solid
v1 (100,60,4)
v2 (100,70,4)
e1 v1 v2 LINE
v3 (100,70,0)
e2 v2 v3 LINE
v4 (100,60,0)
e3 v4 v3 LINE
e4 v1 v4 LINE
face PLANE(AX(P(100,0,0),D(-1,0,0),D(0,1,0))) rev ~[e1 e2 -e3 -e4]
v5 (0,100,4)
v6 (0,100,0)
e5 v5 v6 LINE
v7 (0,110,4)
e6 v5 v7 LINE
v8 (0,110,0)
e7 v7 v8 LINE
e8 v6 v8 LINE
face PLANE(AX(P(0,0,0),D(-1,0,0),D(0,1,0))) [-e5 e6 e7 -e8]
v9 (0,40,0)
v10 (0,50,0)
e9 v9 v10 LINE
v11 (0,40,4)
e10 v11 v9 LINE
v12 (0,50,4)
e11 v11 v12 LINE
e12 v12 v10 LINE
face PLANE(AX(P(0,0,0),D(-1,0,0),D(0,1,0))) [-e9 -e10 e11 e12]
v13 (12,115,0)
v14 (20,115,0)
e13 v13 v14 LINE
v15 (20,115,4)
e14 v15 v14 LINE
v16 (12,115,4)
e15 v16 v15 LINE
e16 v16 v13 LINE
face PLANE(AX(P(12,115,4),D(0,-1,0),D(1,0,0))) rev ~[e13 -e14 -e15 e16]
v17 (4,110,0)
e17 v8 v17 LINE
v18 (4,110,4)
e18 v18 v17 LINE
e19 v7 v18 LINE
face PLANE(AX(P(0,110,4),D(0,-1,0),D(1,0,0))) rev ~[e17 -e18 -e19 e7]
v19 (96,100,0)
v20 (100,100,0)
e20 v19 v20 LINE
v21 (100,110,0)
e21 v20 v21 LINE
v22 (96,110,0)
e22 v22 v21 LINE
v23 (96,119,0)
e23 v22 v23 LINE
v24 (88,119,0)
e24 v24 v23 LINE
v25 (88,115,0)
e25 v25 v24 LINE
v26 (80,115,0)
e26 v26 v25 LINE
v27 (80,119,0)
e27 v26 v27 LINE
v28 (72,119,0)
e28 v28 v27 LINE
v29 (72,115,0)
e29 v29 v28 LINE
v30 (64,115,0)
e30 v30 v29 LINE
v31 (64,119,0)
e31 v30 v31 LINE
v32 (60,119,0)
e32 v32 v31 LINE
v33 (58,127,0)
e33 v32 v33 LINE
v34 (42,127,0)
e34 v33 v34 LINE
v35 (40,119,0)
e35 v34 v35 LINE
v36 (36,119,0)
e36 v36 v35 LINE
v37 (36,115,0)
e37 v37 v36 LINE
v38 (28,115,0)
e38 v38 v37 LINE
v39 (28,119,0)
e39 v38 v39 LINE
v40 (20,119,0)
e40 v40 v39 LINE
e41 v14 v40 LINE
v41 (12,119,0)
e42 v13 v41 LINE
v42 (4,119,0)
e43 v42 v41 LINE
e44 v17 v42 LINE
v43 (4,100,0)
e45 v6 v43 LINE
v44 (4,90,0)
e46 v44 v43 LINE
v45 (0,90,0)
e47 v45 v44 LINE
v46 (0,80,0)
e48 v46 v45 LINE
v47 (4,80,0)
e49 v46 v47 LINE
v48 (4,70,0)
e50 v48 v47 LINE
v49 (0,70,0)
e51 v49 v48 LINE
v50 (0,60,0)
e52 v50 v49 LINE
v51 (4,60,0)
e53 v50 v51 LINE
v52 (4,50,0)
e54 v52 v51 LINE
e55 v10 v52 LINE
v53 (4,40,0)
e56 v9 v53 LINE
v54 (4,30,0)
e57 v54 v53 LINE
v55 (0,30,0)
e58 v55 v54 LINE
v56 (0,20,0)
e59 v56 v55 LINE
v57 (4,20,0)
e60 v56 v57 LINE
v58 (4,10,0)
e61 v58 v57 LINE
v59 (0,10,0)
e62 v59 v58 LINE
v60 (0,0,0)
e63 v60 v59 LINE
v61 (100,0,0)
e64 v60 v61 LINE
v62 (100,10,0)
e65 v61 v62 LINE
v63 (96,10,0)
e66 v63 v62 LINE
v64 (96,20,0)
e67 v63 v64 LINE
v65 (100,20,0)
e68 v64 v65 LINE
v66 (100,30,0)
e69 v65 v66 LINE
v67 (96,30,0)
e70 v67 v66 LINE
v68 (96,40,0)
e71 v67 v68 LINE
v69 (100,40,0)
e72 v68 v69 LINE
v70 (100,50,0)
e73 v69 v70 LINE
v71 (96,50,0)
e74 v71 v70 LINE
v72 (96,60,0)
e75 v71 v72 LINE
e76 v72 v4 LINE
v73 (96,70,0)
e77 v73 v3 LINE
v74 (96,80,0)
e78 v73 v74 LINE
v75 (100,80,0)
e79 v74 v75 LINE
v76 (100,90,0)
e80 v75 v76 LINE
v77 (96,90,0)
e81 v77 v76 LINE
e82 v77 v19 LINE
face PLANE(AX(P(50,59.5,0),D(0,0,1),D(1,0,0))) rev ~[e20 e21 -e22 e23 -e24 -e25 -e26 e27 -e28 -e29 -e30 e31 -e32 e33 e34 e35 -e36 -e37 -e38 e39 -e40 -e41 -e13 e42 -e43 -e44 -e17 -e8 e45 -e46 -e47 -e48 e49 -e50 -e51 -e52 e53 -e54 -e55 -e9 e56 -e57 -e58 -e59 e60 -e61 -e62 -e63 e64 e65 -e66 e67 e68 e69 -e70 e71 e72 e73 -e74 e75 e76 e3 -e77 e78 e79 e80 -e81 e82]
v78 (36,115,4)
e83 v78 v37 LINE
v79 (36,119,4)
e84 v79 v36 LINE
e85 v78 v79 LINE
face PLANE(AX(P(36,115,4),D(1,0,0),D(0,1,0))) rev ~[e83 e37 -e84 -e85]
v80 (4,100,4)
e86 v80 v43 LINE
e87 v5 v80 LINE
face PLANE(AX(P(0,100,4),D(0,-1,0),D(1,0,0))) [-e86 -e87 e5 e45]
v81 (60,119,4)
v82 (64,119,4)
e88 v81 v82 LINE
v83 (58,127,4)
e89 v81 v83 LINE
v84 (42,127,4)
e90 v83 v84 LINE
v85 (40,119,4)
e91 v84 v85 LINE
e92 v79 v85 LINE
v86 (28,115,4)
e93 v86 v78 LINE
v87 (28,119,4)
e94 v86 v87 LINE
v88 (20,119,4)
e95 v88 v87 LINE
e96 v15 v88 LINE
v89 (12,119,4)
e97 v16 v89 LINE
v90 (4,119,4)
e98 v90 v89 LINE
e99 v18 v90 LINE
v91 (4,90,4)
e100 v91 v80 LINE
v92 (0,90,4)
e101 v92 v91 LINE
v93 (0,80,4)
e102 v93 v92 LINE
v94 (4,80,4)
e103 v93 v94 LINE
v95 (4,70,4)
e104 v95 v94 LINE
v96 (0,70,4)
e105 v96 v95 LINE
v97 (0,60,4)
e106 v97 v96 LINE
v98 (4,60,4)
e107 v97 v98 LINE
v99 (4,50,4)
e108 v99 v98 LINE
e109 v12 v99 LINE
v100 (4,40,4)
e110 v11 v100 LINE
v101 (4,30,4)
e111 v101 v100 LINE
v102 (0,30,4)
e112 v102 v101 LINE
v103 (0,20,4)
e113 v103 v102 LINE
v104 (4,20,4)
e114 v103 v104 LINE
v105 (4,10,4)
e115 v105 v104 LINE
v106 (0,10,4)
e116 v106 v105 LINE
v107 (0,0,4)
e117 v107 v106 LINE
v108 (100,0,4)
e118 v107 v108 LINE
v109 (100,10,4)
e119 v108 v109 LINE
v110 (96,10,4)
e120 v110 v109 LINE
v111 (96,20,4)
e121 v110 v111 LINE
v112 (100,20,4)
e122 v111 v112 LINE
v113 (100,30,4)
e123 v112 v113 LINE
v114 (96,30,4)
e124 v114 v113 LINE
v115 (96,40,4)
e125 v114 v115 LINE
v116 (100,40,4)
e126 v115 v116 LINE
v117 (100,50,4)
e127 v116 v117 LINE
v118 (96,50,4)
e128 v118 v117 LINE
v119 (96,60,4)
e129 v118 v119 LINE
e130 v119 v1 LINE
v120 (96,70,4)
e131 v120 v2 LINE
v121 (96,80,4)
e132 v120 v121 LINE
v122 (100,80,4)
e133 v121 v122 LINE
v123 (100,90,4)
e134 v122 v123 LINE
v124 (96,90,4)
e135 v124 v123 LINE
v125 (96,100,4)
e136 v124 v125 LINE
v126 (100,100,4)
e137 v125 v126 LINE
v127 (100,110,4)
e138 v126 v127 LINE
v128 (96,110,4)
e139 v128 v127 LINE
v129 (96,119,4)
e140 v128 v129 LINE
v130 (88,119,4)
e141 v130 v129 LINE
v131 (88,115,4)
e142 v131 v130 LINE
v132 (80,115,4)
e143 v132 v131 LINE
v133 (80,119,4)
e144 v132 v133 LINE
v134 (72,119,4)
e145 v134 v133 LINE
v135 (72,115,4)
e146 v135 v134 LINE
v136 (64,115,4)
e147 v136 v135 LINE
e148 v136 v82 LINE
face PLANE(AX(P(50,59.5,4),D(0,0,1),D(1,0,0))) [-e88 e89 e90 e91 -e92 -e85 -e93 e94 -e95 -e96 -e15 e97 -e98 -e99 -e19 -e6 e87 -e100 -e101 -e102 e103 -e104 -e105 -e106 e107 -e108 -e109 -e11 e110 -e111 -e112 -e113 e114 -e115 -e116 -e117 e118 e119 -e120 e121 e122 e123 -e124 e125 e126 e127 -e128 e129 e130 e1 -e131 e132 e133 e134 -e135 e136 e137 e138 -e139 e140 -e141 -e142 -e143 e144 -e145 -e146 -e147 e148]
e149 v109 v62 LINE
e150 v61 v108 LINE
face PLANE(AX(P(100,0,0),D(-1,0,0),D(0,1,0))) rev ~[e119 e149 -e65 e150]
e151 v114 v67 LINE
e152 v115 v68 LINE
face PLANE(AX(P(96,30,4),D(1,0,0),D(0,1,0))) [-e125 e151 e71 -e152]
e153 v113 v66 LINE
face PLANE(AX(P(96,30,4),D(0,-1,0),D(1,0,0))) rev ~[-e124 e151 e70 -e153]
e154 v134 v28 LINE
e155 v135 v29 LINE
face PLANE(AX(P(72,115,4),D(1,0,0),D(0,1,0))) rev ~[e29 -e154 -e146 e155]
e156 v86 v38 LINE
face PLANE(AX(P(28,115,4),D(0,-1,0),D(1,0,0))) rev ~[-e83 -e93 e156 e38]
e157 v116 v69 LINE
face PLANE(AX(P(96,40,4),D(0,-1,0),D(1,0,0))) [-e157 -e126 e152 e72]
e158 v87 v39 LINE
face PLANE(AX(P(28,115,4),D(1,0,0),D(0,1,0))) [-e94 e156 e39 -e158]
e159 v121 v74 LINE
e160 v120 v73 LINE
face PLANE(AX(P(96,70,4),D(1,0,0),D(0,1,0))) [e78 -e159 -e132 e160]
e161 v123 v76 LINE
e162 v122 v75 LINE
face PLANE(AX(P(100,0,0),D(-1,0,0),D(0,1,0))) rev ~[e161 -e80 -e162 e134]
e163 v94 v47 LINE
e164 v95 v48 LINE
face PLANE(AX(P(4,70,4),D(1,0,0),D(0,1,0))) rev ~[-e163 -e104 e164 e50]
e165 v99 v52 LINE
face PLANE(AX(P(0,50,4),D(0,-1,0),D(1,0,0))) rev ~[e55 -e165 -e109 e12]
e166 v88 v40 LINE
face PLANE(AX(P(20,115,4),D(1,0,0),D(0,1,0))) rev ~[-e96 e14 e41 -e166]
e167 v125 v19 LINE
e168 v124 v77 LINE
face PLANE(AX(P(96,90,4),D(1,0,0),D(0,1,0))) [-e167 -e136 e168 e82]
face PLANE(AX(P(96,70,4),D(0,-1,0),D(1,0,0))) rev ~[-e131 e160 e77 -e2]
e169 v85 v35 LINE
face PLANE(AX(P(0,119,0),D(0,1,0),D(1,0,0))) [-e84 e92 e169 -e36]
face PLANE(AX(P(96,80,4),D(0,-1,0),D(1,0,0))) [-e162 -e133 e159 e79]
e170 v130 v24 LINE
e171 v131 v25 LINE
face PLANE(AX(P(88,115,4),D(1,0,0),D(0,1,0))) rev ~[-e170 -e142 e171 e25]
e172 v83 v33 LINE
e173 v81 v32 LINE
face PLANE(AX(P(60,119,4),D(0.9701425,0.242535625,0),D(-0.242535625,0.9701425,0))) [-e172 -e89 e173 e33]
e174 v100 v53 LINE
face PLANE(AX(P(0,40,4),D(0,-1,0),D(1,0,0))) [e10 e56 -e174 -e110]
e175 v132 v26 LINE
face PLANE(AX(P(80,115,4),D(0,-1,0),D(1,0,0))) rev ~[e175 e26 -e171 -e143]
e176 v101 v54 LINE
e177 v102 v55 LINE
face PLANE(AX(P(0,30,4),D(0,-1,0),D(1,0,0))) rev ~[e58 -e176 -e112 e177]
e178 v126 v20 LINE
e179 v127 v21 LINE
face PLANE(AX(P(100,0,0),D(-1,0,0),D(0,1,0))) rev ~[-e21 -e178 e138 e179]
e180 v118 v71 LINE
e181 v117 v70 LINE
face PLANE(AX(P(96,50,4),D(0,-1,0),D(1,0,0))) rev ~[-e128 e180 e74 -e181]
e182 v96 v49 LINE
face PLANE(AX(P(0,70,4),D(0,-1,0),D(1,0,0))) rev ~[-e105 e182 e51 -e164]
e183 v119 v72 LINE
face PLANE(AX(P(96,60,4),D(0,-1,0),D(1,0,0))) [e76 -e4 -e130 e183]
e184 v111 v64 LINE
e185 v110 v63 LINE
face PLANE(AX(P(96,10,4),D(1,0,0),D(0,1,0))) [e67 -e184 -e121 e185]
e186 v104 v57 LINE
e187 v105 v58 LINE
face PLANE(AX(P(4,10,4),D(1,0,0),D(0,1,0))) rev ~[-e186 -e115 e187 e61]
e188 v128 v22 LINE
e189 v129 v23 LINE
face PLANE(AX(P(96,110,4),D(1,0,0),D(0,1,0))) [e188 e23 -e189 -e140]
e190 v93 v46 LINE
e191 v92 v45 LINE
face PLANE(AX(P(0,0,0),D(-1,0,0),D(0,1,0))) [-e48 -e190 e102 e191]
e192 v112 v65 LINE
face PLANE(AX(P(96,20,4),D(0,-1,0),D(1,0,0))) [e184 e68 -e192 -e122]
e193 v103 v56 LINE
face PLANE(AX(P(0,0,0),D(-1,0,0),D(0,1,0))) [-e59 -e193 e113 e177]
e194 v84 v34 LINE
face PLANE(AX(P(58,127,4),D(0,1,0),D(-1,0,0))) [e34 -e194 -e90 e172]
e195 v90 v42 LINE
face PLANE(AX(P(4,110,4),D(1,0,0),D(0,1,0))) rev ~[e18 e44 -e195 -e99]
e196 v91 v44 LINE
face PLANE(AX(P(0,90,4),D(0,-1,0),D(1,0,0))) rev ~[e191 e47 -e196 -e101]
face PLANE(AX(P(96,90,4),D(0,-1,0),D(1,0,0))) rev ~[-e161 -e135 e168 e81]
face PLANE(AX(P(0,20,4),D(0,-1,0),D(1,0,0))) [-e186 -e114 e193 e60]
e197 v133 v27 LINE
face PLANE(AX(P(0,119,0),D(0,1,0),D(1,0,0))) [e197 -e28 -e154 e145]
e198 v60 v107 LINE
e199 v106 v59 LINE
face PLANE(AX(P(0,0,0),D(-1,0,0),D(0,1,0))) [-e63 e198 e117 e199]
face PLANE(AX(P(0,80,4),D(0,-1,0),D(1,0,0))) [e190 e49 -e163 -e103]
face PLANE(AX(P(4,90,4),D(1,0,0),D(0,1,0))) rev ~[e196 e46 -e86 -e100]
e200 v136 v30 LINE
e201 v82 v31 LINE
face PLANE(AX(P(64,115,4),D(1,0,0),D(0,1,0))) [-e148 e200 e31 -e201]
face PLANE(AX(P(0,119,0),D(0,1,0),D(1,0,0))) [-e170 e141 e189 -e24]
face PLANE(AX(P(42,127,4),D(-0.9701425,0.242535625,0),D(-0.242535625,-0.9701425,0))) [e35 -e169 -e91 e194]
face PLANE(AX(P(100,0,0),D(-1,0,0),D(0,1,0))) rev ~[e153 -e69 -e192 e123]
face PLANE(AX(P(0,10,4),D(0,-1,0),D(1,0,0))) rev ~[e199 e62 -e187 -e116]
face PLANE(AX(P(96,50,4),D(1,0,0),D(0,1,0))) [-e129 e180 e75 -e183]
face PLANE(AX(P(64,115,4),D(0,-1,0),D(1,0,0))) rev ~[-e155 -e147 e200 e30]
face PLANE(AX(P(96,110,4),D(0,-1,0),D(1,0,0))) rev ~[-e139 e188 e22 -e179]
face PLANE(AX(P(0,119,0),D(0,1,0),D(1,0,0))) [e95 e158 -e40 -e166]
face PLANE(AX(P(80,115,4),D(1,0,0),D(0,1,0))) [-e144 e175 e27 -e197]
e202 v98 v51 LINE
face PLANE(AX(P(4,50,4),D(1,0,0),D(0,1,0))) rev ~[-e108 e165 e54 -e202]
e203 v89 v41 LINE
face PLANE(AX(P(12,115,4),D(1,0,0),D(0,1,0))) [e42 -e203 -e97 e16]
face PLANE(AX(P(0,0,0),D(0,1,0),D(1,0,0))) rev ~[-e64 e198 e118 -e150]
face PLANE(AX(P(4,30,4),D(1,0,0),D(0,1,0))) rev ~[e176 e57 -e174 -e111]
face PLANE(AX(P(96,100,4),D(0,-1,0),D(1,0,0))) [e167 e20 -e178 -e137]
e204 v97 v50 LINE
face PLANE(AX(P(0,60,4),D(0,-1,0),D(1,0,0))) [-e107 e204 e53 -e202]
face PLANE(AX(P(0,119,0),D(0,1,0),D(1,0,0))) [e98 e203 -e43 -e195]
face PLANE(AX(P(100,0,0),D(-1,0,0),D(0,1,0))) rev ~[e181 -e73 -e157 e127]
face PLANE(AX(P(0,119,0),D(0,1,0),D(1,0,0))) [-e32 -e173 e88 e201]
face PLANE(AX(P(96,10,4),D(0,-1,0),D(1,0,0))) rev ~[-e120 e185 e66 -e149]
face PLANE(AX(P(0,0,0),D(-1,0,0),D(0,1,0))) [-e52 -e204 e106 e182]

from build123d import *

# Parameters (mm, degrees)
F0_W     = 100
F0_H     = 119
F1_DEPTH = 4
F2_W     = 4
F2_H     = 10
F2_W_2   = 8
F2_H_2   = 4
F3_DEPTH = 4.001
F5_DEPTH = 4


with BuildPart() as f1:
    # F0 (on Top) → F1 (new body)
    with BuildSketch(Plane.XY):
        with Locations((50, 59.5)):
            Rectangle(F0_W, F0_H)
    extrude(amount=F1_DEPTH)

    # F2 (on face) → F3 (cut, through all)
    with BuildSketch(Plane.XY.offset(4)):
        with Locations((98, 15)):
            Rectangle(F2_W, F2_H)
        with Locations((98, 35)):
            Rectangle(F2_W, F2_H)
        with Locations((98, 55)):
            Rectangle(F2_W, F2_H)
        with Locations((98, 75)):
            Rectangle(F2_W, F2_H)
        with Locations((98, 95)):
            Rectangle(F2_W, F2_H)
        with Locations((98, 115)):
            Rectangle(F2_W, F2_H)
        with Locations((2, 15)):
            Rectangle(F2_W, F2_H)
        with Locations((2, 35)):
            Rectangle(F2_W, F2_H)
        with Locations((2, 55)):
            Rectangle(F2_W, F2_H)
        with Locations((2, 75)):
            Rectangle(F2_W, F2_H)
        with Locations((2, 95)):
            Rectangle(F2_W, F2_H)
        with Locations((2, 115)):
            Rectangle(F2_W, F2_H)
        with Locations((16, 117)):
            Rectangle(F2_W_2, F2_H_2)
        with Locations((32, 117)):
            Rectangle(F2_W_2, F2_H_2)
        with Locations((84, 117)):
            Rectangle(F2_W_2, F2_H_2)
        with Locations((68, 117)):
            Rectangle(F2_W_2, F2_H_2)
    extrude(amount=-F3_DEPTH, mode=Mode.SUBTRACT)

    # F4 (on face) → F5 (join)
    with BuildSketch(Plane.XY.offset(4)):
        Polygon((42, 127), (40, 119), (60, 119), (58, 127), align=None)
    extrude(amount=-F5_DEPTH)


solid = f1.part
